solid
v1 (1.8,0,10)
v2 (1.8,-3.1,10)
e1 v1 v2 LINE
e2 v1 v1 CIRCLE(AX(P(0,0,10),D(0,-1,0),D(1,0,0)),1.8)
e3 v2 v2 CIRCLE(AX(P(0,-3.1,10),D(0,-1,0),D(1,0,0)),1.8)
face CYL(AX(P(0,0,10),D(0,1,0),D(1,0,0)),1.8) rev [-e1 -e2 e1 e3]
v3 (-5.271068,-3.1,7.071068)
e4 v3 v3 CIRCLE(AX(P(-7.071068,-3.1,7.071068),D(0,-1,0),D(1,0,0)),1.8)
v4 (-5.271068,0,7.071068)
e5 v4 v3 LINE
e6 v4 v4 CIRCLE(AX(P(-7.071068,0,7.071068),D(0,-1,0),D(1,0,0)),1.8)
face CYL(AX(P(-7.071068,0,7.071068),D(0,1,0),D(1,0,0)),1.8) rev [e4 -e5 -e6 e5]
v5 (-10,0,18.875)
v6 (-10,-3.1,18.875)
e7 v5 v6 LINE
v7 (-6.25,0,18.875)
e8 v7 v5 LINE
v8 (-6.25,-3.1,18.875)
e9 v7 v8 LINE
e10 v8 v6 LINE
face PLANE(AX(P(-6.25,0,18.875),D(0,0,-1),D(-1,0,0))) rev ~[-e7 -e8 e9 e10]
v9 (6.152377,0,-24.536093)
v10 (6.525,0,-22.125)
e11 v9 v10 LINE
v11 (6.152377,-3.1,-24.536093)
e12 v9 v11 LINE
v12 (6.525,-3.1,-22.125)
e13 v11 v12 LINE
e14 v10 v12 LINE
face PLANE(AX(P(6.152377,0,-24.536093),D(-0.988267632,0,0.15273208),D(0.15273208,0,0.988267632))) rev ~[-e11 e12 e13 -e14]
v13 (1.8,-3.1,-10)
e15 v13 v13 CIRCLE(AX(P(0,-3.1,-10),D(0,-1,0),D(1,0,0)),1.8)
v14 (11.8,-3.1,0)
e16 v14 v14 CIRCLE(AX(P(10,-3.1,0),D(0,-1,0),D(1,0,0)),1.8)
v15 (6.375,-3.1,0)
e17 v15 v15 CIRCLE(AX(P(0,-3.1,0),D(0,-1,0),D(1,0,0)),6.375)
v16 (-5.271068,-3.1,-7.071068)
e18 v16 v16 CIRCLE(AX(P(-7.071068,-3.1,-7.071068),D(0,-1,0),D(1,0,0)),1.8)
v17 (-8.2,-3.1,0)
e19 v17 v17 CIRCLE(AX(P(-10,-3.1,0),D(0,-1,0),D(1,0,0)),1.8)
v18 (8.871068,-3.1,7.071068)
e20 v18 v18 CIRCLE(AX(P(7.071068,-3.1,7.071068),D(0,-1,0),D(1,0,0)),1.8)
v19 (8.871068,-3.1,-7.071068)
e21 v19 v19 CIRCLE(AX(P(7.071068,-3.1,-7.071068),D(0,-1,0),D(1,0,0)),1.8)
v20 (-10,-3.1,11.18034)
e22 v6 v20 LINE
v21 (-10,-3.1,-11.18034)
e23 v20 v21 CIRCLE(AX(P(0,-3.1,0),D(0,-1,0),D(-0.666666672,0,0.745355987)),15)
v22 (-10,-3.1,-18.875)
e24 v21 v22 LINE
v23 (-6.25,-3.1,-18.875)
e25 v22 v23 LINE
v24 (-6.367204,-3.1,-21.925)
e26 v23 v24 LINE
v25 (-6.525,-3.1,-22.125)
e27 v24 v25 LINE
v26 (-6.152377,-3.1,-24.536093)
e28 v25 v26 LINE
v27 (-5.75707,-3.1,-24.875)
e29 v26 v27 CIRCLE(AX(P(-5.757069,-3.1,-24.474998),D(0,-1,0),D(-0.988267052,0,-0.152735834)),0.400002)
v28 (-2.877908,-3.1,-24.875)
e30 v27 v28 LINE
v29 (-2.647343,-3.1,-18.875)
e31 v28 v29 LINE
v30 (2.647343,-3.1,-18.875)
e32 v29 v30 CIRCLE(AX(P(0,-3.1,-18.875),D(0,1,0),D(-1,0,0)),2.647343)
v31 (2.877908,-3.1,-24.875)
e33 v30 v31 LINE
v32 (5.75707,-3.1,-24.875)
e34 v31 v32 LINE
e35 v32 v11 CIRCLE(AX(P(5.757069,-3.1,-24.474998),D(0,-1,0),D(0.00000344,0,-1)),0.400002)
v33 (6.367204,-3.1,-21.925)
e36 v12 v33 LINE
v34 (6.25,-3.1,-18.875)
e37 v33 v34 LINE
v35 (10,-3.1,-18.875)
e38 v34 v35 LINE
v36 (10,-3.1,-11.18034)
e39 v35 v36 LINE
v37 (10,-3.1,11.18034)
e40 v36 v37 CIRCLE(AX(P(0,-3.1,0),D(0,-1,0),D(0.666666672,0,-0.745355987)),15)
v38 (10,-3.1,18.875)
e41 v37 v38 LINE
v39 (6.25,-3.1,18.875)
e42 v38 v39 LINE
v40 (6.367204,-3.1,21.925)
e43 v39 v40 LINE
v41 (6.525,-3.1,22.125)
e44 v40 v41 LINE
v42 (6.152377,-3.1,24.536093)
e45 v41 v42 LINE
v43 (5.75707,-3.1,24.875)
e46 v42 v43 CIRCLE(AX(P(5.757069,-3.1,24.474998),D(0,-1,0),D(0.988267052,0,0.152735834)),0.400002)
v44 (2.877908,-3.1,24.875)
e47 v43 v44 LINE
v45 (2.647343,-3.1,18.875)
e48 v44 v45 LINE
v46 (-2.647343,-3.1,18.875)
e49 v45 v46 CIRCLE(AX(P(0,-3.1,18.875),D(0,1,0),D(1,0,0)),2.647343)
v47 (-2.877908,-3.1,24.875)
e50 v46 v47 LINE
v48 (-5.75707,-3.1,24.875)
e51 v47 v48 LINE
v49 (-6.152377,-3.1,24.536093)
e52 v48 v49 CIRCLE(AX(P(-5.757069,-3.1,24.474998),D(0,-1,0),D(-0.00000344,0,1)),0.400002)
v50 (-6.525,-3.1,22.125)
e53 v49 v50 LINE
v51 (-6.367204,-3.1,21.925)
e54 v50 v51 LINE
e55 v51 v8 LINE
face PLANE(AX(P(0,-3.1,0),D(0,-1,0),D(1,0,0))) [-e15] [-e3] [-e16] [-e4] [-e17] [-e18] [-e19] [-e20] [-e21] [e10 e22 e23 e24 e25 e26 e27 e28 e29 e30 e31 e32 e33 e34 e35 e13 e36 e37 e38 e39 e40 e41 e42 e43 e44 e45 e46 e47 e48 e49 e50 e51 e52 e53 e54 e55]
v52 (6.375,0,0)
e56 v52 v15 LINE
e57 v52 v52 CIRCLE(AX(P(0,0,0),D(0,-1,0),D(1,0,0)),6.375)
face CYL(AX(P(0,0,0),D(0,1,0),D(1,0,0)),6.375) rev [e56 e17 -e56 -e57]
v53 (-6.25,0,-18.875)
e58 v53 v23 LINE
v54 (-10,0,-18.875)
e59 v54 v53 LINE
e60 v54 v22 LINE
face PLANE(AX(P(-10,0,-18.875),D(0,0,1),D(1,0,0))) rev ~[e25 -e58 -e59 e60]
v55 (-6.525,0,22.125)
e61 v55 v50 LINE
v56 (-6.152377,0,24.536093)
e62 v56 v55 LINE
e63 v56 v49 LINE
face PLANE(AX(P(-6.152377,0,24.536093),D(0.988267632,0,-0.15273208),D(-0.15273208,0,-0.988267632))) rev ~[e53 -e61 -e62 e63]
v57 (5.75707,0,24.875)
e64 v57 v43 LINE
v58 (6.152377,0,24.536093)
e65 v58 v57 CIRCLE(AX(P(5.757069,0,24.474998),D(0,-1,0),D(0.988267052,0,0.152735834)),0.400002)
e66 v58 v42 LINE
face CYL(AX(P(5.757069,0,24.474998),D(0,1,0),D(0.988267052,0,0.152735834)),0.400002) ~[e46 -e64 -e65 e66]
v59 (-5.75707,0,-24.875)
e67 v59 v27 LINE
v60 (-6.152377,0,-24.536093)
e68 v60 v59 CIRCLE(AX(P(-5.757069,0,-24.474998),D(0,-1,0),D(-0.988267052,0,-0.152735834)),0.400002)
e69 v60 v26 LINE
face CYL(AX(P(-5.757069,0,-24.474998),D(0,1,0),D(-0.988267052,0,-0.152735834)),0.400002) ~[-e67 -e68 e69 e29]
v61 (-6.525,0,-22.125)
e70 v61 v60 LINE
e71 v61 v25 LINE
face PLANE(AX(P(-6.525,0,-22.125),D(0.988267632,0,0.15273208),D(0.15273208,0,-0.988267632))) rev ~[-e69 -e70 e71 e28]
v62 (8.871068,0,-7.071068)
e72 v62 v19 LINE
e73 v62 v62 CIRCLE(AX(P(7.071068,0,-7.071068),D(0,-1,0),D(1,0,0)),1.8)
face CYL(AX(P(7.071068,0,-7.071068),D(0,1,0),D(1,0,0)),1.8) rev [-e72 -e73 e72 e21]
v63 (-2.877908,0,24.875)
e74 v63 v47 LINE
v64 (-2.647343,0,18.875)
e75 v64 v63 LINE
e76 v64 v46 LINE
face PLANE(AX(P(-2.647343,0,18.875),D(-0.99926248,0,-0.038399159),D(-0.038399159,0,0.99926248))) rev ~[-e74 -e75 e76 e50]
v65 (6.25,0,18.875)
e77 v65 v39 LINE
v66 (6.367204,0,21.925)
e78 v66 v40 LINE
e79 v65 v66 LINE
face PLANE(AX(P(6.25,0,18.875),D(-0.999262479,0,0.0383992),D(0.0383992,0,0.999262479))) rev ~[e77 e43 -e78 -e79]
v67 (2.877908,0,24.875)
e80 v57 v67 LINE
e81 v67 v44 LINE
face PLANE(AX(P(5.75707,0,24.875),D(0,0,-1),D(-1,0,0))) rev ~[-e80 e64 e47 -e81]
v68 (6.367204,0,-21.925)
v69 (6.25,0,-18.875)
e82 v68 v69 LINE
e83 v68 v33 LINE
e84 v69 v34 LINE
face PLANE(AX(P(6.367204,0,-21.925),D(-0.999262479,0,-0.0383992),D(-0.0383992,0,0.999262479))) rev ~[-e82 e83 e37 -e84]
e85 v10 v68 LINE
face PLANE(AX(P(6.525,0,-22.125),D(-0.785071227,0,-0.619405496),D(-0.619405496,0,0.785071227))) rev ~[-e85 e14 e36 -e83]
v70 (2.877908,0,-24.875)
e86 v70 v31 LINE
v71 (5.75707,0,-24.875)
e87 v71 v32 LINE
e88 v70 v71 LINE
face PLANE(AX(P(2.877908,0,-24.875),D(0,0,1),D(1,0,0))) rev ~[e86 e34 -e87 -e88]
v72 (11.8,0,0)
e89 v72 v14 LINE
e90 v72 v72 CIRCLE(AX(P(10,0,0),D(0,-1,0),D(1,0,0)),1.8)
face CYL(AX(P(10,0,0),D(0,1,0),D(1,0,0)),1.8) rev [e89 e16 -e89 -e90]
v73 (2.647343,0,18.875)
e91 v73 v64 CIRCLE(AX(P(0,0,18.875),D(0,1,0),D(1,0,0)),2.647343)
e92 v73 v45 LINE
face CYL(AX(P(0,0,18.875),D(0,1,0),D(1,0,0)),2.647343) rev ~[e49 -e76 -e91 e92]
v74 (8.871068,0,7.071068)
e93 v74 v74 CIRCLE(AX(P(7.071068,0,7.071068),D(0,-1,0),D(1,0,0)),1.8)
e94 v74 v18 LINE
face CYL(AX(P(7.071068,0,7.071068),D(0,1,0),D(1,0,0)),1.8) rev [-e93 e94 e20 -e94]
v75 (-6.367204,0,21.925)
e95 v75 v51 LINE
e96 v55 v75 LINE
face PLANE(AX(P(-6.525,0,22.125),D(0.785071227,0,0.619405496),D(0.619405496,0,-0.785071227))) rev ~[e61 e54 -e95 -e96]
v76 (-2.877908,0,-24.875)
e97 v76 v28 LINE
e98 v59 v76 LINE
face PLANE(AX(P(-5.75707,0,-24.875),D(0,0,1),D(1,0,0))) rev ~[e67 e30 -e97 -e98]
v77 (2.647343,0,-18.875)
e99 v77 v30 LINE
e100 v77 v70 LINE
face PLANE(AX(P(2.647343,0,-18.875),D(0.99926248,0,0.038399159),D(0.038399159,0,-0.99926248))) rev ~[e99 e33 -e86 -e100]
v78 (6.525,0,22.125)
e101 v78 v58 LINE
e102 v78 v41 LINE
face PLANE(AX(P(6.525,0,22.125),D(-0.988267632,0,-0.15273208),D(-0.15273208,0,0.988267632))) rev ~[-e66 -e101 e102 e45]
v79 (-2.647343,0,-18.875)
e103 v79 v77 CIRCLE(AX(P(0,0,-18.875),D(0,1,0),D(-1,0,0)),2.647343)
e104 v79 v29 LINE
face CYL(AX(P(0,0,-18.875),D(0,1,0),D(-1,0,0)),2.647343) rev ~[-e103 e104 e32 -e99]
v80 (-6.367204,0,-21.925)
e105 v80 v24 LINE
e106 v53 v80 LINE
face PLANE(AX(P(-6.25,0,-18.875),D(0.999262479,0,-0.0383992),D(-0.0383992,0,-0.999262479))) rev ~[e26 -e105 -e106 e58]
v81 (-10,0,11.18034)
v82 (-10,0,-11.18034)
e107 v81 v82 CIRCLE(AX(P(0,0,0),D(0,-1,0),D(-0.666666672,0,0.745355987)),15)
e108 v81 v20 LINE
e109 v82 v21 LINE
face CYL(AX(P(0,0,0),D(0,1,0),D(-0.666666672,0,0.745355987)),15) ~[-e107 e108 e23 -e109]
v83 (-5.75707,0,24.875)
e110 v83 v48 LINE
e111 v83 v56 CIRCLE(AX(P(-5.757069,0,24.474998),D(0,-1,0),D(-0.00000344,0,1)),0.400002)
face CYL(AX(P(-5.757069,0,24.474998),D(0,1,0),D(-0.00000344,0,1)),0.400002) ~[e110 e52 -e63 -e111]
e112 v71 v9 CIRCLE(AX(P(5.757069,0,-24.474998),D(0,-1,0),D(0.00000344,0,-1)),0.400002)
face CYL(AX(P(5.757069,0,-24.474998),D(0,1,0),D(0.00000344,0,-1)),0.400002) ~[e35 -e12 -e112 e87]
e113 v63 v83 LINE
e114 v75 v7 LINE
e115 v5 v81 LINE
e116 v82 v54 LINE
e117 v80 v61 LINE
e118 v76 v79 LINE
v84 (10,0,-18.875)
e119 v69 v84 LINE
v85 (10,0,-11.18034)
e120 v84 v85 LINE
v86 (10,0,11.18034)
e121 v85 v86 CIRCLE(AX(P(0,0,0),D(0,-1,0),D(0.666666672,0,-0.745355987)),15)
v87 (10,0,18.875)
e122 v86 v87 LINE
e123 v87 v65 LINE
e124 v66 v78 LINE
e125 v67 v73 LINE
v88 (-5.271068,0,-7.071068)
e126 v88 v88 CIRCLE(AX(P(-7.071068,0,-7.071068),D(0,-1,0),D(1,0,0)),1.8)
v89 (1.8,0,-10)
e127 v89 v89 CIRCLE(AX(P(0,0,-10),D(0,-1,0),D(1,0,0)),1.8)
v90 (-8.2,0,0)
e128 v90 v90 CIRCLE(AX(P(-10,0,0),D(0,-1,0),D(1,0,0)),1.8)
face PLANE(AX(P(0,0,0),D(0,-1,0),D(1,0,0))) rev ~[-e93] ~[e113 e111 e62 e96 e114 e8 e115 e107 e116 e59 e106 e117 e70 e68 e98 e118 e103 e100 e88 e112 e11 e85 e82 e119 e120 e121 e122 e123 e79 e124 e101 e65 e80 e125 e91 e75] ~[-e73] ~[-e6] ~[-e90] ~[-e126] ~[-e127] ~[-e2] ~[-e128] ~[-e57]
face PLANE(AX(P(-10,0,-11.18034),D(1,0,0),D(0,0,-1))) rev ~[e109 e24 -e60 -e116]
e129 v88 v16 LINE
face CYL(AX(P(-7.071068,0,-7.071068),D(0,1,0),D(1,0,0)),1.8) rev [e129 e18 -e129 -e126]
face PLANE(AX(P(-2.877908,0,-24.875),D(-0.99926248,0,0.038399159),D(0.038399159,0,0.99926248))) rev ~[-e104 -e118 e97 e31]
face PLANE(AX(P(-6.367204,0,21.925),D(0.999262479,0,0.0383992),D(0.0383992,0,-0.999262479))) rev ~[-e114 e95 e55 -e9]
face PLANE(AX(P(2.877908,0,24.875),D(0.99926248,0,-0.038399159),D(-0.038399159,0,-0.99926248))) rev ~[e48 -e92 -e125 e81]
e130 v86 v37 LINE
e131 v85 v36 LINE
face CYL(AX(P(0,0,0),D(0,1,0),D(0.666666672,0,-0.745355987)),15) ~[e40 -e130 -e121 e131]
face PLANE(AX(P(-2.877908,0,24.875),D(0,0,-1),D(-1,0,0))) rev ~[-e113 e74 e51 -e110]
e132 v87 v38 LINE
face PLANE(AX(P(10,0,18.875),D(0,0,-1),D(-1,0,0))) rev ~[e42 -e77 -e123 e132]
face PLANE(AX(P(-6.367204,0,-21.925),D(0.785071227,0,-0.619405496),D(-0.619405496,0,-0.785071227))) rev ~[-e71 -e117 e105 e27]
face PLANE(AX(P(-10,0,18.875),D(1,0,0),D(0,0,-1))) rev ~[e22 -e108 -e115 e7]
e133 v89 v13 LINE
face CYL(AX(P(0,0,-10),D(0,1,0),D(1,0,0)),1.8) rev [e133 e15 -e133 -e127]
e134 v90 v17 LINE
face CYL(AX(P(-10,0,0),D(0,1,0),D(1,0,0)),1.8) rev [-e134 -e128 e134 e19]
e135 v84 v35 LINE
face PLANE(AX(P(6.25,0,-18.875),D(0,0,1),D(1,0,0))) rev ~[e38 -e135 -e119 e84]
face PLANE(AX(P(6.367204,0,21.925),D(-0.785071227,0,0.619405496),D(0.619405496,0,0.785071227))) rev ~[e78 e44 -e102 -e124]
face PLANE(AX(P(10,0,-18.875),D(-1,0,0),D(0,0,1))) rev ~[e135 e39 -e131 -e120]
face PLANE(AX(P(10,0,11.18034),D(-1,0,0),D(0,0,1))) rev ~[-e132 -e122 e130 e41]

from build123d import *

# Parameters (mm, degrees)
F0_R     = 1.8
F0_R_2   = 6.375
F1_DEPTH = 3.1


with BuildPart() as f1:
    # F0 (on Front) → F1 (new body)
    with BuildSketch(Plane.XZ):
        with BuildLine():
            Line((-10, 18.875), (-10, 11.18034))
            ThreePointArc((-10, 11.18034), (-15, 0), (-10, -11.18034))
            Line((-10, -11.18034), (-10, -18.875))
            Line((-10, -18.875), (-6.25, -18.875))
            Line((-6.25, -18.875), (-6.367204, -21.925))
            Line((-6.367204, -21.925), (-6.525, -22.125))
            Line((-6.525, -22.125), (-6.152377, -24.536093))
            ThreePointArc((-6.152377, -24.536093), (-6.017418, -24.778675), (-5.75707, -24.875))
            Line((-5.75707, -24.875), (-2.877908, -24.875))
            Line((-2.877908, -24.875), (-2.647343, -18.875))
            ThreePointArc((-2.647343, -18.875), (0, -16.227657), (2.647343, -18.875))
            Line((2.647343, -18.875), (2.877908, -24.875))
            Line((2.877908, -24.875), (5.75707, -24.875))
            ThreePointArc((5.75707, -24.875), (6.017418, -24.778675), (6.152377, -24.536093))
            Line((6.152377, -24.536093), (6.525, -22.125))
            Line((6.525, -22.125), (6.367204, -21.925))
            Line((6.367204, -21.925), (6.25, -18.875))
            Line((6.25, -18.875), (10, -18.875))
            Line((10, -18.875), (10, -11.18034))
            ThreePointArc((10, -11.18034), (15, 0), (10, 11.18034))
            Line((10, 11.18034), (10, 18.875))
            Line((10, 18.875), (6.25, 18.875))
            Line((6.25, 18.875), (6.367204, 21.925))
            Line((6.367204, 21.925), (6.525, 22.125))
            Line((6.525, 22.125), (6.152377, 24.536093))
            ThreePointArc((6.152377, 24.536093), (6.017418, 24.778675), (5.75707, 24.875))
            Line((5.75707, 24.875), (2.877908, 24.875))
            Line((2.877908, 24.875), (2.647343, 18.875))
            ThreePointArc((2.647343, 18.875), (0, 16.227657), (-2.647343, 18.875))
            Line((-2.647343, 18.875), (-2.877908, 24.875))
            Line((-2.877908, 24.875), (-5.75707, 24.875))
            ThreePointArc((-5.75707, 24.875), (-6.017418, 24.778675), (-6.152377, 24.536093))
            Line((-6.152377, 24.536093), (-6.525, 22.125))
            Line((-6.525, 22.125), (-6.367204, 21.925))
            Line((-6.367204, 21.925), (-6.25, 18.875))
            Line((-6.25, 18.875), (-10, 18.875))
        make_face()
        with Locations((-7.071068, -7.071068)):
            Circle(F0_R, mode=Mode.SUBTRACT)
        with Locations((0, -10)):
            Circle(F0_R, mode=Mode.SUBTRACT)
        with Locations((7.071068, -7.071068)):
            Circle(F0_R, mode=Mode.SUBTRACT)
        with Locations((-10, 0)):
            Circle(F0_R, mode=Mode.SUBTRACT)
        with Locations((-7.071068, 7.071068)):
            Circle(F0_R, mode=Mode.SUBTRACT)
        Circle(F0_R_2, mode=Mode.SUBTRACT)
        with Locations((0, 10)):
            Circle(F0_R, mode=Mode.SUBTRACT)
        with Locations((7.071068, 7.071068)):
            Circle(F0_R, mode=Mode.SUBTRACT)
        with Locations((10, 0)):
            Circle(F0_R, mode=Mode.SUBTRACT)
    extrude(amount=F1_DEPTH)


solid = f1.part
